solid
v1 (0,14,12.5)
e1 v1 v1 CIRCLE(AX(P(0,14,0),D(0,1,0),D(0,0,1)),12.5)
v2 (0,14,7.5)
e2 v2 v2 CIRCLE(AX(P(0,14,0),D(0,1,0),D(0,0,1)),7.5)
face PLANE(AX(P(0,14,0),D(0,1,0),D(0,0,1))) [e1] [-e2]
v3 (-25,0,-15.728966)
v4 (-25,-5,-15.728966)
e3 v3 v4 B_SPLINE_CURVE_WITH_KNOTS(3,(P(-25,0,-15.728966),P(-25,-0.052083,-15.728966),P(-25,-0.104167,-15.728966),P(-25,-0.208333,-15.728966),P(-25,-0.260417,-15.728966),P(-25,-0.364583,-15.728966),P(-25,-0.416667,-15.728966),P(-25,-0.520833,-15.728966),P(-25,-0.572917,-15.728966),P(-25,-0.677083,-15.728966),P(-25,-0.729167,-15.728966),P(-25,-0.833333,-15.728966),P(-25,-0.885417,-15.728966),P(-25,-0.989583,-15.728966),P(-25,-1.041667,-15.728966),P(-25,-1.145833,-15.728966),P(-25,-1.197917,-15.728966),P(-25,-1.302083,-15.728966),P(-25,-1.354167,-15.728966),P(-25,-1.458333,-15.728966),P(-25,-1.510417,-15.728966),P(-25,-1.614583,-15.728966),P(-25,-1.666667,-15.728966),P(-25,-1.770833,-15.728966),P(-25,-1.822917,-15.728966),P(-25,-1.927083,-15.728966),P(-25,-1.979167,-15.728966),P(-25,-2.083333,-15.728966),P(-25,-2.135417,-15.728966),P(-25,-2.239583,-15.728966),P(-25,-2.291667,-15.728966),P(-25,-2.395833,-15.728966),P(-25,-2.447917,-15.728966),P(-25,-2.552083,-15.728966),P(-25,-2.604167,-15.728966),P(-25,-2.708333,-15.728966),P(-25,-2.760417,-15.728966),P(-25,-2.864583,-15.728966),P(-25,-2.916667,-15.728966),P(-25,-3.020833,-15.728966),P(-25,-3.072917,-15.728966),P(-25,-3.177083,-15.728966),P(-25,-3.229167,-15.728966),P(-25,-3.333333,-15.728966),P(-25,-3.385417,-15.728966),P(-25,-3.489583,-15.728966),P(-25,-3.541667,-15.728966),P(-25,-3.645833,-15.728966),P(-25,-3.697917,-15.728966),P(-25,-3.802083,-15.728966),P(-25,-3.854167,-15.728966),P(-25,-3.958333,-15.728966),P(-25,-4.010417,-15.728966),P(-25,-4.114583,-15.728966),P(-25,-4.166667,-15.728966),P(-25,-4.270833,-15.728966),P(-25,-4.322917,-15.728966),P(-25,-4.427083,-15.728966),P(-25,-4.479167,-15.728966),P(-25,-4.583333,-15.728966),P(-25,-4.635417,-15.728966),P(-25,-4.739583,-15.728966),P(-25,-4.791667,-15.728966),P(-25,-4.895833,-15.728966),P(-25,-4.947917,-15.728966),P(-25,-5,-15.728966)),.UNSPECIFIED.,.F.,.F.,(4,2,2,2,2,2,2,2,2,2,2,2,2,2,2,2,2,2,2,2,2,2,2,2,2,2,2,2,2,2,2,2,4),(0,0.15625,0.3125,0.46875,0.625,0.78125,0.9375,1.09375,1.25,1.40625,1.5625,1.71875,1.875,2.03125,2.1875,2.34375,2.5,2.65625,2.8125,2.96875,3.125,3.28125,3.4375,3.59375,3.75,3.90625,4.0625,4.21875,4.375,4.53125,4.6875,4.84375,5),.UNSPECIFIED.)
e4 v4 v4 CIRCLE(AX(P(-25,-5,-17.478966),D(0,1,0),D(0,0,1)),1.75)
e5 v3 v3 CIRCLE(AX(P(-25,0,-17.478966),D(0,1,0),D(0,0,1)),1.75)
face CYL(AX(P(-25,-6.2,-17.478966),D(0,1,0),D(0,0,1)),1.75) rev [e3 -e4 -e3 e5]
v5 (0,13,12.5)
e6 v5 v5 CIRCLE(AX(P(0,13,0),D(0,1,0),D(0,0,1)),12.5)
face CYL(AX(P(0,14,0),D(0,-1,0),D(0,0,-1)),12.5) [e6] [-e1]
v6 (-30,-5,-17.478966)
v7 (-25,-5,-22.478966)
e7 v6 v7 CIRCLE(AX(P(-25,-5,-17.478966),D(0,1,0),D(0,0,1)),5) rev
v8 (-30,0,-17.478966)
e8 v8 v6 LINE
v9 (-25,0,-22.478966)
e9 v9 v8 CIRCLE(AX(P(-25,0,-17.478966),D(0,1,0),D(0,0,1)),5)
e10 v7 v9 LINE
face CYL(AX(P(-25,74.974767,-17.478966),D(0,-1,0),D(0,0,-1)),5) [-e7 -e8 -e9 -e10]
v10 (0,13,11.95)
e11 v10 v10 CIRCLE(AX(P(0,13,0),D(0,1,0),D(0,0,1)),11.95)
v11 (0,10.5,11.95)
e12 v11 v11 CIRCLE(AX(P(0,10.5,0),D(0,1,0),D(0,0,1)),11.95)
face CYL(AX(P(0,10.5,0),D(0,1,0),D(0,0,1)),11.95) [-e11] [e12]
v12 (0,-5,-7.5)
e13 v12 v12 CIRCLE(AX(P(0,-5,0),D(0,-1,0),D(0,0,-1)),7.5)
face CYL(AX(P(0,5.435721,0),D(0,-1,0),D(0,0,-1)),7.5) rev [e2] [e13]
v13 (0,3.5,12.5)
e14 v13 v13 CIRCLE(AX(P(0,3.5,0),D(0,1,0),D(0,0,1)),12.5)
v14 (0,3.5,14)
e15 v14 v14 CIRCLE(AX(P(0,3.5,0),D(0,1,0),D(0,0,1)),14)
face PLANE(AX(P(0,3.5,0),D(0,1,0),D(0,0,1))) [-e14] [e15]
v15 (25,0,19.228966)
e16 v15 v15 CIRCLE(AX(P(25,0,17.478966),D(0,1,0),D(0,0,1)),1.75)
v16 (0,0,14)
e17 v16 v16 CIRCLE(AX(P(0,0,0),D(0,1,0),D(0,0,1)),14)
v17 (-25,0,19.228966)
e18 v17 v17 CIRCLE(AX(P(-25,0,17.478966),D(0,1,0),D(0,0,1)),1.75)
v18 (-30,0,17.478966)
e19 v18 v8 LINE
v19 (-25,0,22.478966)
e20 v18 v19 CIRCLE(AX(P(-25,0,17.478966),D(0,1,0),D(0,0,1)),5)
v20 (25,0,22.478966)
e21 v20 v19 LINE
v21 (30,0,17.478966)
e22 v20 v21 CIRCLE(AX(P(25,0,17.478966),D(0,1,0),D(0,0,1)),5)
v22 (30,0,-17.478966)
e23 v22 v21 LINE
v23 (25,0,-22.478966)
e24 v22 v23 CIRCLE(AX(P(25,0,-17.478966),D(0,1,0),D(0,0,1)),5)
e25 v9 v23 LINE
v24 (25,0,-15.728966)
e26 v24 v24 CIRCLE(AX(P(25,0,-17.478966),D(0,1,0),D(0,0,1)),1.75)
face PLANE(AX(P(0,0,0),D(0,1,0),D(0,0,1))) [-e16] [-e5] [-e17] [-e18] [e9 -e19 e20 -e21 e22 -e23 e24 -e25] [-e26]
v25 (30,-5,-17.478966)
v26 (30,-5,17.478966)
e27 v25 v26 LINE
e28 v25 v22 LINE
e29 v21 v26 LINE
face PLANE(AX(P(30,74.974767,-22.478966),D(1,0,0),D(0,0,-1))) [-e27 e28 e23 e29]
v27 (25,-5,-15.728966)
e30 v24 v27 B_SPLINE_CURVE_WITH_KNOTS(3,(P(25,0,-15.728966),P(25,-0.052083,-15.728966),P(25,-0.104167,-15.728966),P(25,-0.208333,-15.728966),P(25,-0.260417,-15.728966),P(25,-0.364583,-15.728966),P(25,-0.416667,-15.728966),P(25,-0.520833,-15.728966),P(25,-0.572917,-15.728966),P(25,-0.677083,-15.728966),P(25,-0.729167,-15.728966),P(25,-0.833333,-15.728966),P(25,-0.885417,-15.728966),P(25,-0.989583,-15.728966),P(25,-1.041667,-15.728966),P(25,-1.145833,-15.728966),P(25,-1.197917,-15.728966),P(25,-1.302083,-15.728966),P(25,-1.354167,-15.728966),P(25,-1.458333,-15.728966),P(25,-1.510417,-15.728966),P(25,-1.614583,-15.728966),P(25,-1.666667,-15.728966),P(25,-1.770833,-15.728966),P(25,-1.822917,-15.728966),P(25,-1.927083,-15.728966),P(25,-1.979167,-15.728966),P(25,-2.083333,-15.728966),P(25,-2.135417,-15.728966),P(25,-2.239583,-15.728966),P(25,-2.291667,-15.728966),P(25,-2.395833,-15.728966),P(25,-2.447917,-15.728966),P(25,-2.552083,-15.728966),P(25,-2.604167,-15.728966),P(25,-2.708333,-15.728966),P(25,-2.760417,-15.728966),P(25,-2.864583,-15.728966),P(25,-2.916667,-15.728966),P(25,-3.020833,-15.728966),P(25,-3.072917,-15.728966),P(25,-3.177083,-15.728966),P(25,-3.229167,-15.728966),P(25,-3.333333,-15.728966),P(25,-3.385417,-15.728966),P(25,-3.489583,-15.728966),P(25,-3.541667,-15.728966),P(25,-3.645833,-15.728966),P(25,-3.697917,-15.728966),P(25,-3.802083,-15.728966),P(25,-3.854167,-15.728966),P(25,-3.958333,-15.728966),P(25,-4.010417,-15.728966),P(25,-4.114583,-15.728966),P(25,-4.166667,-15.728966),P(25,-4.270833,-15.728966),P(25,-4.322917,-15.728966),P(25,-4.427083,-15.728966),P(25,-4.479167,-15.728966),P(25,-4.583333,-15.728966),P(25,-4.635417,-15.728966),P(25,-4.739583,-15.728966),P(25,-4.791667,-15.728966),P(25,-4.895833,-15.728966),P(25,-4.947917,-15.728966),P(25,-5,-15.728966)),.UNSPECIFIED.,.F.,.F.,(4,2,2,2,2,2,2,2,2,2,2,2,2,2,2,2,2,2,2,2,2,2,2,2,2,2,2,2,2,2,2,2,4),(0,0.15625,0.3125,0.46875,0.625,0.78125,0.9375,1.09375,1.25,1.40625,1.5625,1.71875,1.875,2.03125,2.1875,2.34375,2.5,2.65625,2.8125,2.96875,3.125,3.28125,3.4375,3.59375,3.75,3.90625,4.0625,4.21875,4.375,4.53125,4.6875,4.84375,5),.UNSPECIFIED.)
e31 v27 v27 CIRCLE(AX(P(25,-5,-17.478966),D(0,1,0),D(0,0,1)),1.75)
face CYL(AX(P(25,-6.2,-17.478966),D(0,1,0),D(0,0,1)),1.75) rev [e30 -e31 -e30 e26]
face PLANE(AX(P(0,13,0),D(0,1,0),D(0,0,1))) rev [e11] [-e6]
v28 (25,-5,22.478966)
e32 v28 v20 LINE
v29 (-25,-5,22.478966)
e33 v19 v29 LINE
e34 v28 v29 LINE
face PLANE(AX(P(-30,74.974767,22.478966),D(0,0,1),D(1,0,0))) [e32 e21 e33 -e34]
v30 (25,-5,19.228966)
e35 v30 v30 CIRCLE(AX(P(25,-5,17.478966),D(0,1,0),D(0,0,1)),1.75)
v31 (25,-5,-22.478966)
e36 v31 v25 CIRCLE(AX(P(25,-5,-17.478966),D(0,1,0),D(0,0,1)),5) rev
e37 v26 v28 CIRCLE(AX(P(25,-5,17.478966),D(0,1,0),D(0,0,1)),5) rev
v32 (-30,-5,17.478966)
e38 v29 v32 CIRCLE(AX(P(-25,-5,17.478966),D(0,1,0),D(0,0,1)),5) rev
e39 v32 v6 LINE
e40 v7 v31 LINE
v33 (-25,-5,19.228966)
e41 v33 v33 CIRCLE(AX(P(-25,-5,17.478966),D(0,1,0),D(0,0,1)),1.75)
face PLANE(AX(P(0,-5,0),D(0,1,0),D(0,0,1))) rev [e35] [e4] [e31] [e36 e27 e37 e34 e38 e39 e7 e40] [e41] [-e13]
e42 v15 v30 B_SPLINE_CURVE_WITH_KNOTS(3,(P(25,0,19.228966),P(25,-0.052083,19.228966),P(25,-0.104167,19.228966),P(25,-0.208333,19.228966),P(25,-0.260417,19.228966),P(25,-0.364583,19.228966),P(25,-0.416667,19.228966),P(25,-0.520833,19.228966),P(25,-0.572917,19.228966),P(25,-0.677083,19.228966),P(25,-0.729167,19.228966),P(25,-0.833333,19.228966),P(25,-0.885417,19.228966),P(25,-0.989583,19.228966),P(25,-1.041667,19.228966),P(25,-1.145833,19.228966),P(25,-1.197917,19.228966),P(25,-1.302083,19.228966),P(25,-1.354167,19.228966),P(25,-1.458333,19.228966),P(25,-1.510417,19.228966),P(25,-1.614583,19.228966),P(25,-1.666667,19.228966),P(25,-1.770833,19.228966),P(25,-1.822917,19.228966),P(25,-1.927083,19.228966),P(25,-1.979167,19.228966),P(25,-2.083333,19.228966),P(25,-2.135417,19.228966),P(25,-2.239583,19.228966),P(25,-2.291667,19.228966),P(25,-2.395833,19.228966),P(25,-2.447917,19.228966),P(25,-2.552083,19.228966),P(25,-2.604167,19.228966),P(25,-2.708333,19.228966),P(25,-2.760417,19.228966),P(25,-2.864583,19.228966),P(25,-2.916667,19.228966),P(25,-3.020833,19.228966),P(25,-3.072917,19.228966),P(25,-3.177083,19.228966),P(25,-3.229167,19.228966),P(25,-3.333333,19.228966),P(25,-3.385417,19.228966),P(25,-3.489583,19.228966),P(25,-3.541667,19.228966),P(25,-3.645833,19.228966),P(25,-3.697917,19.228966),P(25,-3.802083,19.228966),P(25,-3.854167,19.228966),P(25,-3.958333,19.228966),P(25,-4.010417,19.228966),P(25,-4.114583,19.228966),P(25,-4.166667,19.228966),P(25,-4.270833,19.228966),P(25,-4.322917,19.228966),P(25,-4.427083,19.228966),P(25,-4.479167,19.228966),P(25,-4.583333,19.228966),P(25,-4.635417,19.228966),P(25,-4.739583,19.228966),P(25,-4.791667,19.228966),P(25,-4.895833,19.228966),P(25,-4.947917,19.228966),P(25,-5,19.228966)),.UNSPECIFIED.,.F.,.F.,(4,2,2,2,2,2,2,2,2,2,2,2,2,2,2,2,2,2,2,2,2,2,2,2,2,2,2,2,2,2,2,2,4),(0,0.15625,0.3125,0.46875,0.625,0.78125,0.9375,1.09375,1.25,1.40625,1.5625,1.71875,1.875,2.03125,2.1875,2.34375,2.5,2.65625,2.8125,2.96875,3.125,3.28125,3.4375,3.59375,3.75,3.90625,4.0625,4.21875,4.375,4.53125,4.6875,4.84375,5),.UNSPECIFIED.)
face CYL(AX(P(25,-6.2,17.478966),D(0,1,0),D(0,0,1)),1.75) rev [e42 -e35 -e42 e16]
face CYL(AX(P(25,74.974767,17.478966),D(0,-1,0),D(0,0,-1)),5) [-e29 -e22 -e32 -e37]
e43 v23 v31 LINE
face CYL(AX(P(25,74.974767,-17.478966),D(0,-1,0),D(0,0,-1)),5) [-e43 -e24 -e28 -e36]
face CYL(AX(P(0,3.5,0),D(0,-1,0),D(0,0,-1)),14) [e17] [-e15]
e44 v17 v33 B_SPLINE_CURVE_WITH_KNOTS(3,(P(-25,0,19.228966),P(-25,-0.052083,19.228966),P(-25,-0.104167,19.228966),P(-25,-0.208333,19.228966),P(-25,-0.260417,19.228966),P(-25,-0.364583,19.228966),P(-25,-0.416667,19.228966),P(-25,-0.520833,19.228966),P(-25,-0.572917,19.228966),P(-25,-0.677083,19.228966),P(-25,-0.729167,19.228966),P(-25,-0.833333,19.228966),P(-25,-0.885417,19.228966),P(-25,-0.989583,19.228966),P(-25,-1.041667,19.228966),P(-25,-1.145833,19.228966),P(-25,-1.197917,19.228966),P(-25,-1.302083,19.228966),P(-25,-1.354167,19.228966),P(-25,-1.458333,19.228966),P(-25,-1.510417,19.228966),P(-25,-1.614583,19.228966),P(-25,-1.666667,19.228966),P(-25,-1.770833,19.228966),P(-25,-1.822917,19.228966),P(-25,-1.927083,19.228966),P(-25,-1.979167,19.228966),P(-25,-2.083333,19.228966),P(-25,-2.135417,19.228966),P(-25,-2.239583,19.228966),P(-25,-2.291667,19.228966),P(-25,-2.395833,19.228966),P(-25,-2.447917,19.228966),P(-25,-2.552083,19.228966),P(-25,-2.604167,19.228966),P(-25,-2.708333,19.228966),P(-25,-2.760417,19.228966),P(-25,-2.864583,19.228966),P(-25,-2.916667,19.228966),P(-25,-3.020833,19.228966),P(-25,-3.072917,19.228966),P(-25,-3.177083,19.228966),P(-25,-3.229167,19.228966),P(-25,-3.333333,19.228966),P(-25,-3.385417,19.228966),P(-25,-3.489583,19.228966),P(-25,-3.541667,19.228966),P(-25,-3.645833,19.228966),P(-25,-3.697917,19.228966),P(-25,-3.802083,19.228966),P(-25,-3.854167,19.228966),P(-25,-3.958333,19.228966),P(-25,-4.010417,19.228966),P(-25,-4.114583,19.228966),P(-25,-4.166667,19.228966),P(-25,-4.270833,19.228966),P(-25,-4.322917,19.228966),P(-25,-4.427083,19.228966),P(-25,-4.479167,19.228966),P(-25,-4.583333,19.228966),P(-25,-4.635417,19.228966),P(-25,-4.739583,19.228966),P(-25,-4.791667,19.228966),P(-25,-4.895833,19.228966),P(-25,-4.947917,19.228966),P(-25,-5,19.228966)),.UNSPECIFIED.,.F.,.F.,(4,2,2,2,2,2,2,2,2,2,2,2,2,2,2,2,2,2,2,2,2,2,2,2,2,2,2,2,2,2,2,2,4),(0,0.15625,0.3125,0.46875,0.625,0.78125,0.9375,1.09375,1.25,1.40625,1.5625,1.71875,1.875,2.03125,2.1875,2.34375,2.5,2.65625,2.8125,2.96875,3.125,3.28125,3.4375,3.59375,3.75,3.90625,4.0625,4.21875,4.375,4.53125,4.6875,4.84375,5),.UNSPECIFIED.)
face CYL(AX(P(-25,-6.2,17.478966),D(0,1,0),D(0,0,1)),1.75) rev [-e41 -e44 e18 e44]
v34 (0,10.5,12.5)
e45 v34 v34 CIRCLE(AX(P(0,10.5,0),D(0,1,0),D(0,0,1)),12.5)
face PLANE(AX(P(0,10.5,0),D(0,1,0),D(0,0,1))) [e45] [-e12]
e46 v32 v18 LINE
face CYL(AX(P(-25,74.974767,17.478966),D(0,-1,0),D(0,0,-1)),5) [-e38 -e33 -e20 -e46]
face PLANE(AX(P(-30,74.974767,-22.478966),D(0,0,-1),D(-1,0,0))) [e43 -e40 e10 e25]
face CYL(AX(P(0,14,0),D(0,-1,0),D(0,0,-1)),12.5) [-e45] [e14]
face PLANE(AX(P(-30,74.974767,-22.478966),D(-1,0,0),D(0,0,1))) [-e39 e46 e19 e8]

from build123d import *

# Parameters (mm, degrees)
SKETCH1_R           = 12.5
SKETCH1_R_2         = 9.5
BOSS_EXTRUDE1_DEPTH = 14
SKETCH2_W           = 64.506168934
SKETCH2_H           = 47.83380527
BOSS_EXTRUDE2_DEPTH = 5
SKETCH3_R           = 7.5
CUT_EXTRUDE1_DEPTH  = 5
FILLET1_R           = 10
SKETCH4_R           = 41.339159207
SKETCH4_R_2         = 22.478966411
CUT_EXTRUDE2_DEPTH  = 10
SKETCH5_W           = 60
SKETCH5_H           = 44.957932822
SKETCH5_R           = 6
BOSS_EXTRUDE3_DEPTH = 5
FILLET2_R           = 5
SKETCH6_R           = 7.5
CUT_EXTRUDE3_DEPTH  = 10.435721216
SKETCH7_R           = 14
SKETCH7_R_2         = 12.5
BOSS_EXTRUDE4_DEPTH = 3.5
SKETCH8_R           = 13.175914581
SKETCH8_R_2         = 11.95
CUT_EXTRUDE4_DEPTH  = 2.5
BOSS_EXTRUDE5_START = -14
SKETCH9_R           = 9.5
SKETCH9_R_2         = 7.5
BOSS_EXTRUDE5_DEPTH = 14
SKETCH11_R          = 1.75
CUT_EXTRUDE5_DEPTH  = 6.2


with BuildPart() as part:
    # Sketch1 → Boss-Extrude1 (new body)
    with BuildSketch(Plane(origin=(0, 0, 0), x_dir=(1, 0, 0), z_dir=(0, 1, 0))):
        with Locations(Location((0, 0, 0), (0, 0, 270))):
            Circle(SKETCH1_R)
        with Locations(Location((0, 0, 0), (0, 0, 270))):
            Circle(SKETCH1_R_2, mode=Mode.SUBTRACT)
    extrude(amount=BOSS_EXTRUDE1_DEPTH)

    # Sketch2 → Boss-Extrude2 (add)
    with BuildSketch(Plane(origin=(0, 0, 0), x_dir=(-1, 0, 0), z_dir=(0, -1, 0))):
        Rectangle(SKETCH2_W, SKETCH2_H)
    extrude(amount=BOSS_EXTRUDE2_DEPTH)

    # Sketch3 → Cut-Extrude1 (cut)
    with BuildSketch(Plane(origin=(0, 0, 0), x_dir=(1, 0, 0), z_dir=(0, 1, 0))):
        with Locations(Location((0, 0, 0), (0, 0, 270))):
            Circle(SKETCH3_R)
    extrude(amount=-CUT_EXTRUDE1_DEPTH, mode=Mode.SUBTRACT)

    # Fillet1
    fillet1_edges = [part.edges().sort_by_distance(p)[0] for p in [
        (32.253084467, -2.5, -23.916902635),
        (32.253084467, -2.5, 23.916902635),
        (-32.253084467, -2.5, 23.916902635),
        (-32.253084467, -2.5, -23.916902635),
    ]]
    fillet(fillet1_edges, radius=FILLET1_R)

    # Sketch4 → Cut-Extrude2 (cut)
    with BuildSketch(Plane(origin=(0, 0, 0), x_dir=(1, 0, 0), z_dir=(0, 1, 0))):
        Circle(SKETCH4_R)
        with Locations(Location((0, 0, 0), (0, 0, 270))):
            Circle(SKETCH4_R_2, mode=Mode.SUBTRACT)
    extrude(amount=-CUT_EXTRUDE2_DEPTH, mode=Mode.SUBTRACT)

    # Sketch5 → Boss-Extrude3 (add)
    with BuildSketch(Plane(origin=(0, -5, 0), x_dir=(-1, 0, 0), z_dir=(0, -1, 0))):
        Rectangle(SKETCH5_W, SKETCH5_H)
        with Locations(Location((0, 0, 0), (0, 0, 90))):
            Circle(SKETCH5_R, mode=Mode.SUBTRACT)
    extrude(amount=-BOSS_EXTRUDE3_DEPTH)

    # Fillet2
    fillet2_edges = [part.edges().sort_by_distance(p)[0] for p in [
        (30, -2.5, -22.478966411),
        (-30, -2.5, 22.478966411),
        (30, -2.5, 22.478966411),
        (-30, -2.5, -22.478966411),
    ]]
    fillet(fillet2_edges, radius=FILLET2_R)

    # Sketch6 → Cut-Extrude3 (cut)
    with BuildSketch(Plane(origin=(0, -5, 0), x_dir=(-1, 0, 0), z_dir=(0, -1, 0))):
        with Locations(Location((0, 0, 0), (0, 0, 90))):
            Circle(SKETCH6_R)
    extrude(amount=-CUT_EXTRUDE3_DEPTH, mode=Mode.SUBTRACT)

    # Sketch7 → Boss-Extrude4 (add)
    with BuildSketch(Plane(origin=(0, 0, 0), x_dir=(1, 0, 0), z_dir=(0, 1, 0))):
        with Locations(Location((0, 0, 0), (0, 0, 270))):
            Circle(SKETCH7_R)
        with Locations(Location((0, 0, 0), (0, 0, 270))):
            Circle(SKETCH7_R_2, mode=Mode.SUBTRACT)
    extrude(amount=BOSS_EXTRUDE4_DEPTH)

    # Sketch8 → Cut-Extrude4 (cut)
    with BuildSketch(Plane(origin=(0, 13, 0), x_dir=(1, 0, 0), z_dir=(0, 1, 0))):
        Circle(SKETCH8_R)
        with Locations(Location((0, 0, 0), (0, 0, 270))):
            Circle(SKETCH8_R_2, mode=Mode.SUBTRACT)
    extrude(amount=-CUT_EXTRUDE4_DEPTH, mode=Mode.SUBTRACT)

    # Sketch9 → Boss-Extrude5 (add)
    with BuildSketch(Plane(origin=(0, 14, 0), x_dir=(1, 0, 0), z_dir=(0, 1, 0)).offset(BOSS_EXTRUDE5_START)):
        Circle(SKETCH9_R)
        with Locations(Location((0, 0, 0), (0, 0, 90))):
            Circle(SKETCH9_R_2, mode=Mode.SUBTRACT)
    extrude(amount=BOSS_EXTRUDE5_DEPTH)

    # Sketch11 → Cut-Extrude5 (cut)
    with BuildSketch(Plane(origin=(0, 0, 0), x_dir=(1, 0, 0), z_dir=(0, 1, 0))):
        with Locations(Location((-25, 17.478966411, 0), (0, 0, 270))):
            Circle(SKETCH11_R)
        with Locations(Location((25, 17.478966411, 0), (0, 0, 270))):
            Circle(SKETCH11_R)
        with Locations(Location((25, -17.478966411, 0), (0, 0, 270))):
            Circle(SKETCH11_R)
        with Locations(Location((-25, -17.478966411, 0), (0, 0, 270))):
            Circle(SKETCH11_R)
    extrude(amount=-CUT_EXTRUDE5_DEPTH, mode=Mode.SUBTRACT)


solid = part.part
